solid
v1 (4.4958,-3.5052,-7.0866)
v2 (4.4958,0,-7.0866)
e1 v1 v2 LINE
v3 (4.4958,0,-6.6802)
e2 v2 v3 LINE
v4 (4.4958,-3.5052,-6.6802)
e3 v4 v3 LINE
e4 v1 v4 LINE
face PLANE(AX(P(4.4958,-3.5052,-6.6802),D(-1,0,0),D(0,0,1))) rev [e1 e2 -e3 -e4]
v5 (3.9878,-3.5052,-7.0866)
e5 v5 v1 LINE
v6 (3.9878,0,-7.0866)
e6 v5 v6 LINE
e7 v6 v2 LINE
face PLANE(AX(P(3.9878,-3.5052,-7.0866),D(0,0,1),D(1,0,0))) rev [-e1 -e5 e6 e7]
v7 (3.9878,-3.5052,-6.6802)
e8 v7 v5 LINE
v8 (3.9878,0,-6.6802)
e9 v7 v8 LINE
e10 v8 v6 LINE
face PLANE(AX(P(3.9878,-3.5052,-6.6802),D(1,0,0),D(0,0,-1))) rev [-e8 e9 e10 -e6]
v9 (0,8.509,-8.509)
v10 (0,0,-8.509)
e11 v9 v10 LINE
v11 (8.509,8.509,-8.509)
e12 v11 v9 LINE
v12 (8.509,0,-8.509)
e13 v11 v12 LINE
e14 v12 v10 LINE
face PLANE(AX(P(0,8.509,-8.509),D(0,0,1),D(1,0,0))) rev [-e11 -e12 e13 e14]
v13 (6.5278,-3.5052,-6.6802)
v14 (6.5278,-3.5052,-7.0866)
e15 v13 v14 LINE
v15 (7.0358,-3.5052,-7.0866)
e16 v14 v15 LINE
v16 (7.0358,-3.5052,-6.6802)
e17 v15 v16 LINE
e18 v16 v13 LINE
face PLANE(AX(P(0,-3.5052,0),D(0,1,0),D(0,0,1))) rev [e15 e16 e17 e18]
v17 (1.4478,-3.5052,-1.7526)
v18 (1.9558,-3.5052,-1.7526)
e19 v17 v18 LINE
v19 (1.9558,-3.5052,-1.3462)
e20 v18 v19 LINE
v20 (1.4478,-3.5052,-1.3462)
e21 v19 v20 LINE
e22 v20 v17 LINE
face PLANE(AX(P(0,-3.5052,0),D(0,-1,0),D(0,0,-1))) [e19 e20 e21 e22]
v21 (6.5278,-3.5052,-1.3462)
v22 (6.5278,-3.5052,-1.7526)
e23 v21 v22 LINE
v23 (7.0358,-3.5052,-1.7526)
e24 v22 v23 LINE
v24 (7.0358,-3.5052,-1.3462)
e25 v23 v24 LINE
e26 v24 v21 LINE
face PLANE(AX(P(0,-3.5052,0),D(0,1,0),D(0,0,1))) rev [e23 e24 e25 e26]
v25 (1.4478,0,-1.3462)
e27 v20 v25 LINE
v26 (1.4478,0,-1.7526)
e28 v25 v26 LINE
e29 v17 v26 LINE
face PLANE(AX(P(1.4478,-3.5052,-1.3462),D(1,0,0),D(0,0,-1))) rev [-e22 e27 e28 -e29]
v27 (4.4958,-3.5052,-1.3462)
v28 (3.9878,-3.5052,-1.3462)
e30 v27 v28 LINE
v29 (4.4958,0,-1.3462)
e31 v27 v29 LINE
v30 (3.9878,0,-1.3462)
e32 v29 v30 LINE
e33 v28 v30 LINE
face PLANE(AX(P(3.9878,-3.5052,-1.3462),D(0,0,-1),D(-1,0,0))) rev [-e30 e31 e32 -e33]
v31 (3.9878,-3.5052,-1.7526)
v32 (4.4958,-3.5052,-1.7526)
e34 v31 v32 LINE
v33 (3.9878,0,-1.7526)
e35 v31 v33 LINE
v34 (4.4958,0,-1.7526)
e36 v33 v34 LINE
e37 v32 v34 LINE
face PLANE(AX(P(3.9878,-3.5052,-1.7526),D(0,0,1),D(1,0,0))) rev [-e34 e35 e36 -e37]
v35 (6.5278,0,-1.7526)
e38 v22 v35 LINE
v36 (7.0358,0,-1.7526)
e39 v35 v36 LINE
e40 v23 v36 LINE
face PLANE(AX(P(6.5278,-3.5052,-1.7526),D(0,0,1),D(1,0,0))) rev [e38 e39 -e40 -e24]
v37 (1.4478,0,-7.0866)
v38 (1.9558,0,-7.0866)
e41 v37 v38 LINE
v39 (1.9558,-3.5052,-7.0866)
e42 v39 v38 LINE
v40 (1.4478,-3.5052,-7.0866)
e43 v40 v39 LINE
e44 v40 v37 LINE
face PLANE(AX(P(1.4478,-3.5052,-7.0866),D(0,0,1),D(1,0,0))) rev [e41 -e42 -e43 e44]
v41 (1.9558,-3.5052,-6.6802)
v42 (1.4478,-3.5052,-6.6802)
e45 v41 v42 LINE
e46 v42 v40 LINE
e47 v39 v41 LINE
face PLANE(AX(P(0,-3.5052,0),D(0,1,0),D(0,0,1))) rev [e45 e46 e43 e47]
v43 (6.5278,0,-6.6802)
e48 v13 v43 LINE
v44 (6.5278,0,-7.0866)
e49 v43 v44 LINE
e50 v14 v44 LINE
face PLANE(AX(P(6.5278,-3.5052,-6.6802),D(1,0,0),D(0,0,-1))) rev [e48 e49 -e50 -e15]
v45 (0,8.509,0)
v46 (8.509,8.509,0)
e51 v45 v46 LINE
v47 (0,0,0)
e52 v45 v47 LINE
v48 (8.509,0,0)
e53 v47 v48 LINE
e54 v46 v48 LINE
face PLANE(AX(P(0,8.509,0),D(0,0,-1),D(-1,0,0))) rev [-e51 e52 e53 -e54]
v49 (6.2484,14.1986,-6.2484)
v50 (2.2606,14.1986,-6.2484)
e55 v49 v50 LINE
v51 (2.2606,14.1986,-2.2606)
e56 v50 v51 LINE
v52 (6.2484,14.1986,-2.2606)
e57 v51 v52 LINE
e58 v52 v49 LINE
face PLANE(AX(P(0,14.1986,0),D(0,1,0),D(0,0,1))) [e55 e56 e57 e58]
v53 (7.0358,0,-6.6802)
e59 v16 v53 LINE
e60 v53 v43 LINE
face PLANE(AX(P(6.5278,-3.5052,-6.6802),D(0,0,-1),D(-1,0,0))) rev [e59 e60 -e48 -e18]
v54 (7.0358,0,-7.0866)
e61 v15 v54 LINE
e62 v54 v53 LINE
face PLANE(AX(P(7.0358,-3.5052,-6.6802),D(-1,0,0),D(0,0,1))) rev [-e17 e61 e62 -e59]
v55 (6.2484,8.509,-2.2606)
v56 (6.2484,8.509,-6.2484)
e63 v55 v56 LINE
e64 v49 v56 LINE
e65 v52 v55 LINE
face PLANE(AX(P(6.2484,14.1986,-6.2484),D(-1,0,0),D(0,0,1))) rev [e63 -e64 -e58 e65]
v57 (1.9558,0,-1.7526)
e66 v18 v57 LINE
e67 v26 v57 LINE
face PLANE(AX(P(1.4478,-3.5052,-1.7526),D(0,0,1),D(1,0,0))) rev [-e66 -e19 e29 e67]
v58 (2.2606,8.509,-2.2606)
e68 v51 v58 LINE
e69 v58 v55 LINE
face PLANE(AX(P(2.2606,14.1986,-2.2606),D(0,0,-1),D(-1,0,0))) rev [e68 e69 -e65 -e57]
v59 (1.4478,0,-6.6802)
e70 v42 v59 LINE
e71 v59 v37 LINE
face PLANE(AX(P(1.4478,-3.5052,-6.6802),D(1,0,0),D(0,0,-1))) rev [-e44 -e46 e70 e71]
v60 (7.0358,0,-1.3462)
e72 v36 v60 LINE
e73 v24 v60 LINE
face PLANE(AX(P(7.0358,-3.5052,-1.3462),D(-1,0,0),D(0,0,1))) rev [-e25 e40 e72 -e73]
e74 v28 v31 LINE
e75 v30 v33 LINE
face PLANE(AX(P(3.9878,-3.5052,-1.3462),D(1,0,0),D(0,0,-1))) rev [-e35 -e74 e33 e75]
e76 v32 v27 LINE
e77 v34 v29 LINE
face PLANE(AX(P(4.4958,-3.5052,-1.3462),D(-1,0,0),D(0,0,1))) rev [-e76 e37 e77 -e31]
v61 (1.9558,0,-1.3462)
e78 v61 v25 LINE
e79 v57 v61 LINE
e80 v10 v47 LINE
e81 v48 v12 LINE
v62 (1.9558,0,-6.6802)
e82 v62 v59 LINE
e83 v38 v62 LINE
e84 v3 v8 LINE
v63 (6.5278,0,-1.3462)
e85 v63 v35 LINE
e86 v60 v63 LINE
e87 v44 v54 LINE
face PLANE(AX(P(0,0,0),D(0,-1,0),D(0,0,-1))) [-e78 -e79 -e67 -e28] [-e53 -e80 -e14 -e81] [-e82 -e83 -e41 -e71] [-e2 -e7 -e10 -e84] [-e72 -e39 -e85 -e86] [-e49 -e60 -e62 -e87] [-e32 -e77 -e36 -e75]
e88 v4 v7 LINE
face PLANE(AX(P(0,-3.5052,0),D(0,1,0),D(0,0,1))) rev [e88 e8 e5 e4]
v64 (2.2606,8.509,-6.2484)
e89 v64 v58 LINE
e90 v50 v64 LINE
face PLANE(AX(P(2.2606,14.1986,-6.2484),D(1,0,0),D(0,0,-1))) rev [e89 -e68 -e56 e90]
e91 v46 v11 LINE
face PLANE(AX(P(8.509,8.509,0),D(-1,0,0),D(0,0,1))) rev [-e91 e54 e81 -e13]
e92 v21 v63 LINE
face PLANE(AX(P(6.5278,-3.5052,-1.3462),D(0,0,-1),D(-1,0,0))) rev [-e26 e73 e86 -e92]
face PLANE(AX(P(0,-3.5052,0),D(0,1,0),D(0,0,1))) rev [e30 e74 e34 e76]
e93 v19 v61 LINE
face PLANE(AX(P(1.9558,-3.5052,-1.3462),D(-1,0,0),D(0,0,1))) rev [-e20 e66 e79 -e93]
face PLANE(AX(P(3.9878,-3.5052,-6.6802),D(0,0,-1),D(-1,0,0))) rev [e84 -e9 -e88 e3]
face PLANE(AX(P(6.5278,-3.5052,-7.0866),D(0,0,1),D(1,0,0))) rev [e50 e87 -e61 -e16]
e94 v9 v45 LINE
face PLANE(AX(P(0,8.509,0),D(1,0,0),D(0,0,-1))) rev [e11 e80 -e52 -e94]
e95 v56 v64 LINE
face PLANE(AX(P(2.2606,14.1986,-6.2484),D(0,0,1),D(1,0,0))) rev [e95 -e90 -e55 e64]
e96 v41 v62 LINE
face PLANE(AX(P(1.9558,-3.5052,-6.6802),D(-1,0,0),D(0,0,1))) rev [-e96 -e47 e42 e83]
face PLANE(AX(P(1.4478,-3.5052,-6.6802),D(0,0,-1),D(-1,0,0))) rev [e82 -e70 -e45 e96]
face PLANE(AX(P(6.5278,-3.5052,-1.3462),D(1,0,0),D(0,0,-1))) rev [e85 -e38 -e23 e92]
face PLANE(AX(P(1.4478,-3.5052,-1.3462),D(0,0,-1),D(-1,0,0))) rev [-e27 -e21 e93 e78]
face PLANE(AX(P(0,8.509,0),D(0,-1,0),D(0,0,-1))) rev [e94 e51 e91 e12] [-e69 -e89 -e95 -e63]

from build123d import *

# Parameters (mm, degrees)
SKETCH1_W           = 8.509
SKETCH1_H           = 8.509
BOSS_EXTRUDE1_DEPTH = 8.509
SKETCH2_W           = 3.9878
SKETCH2_H           = 3.9878
BOSS_EXTRUDE2_DEPTH = 5.6896
SKETCH3_W           = 0.508
SKETCH3_H           = 0.4064
BOSS_EXTRUDE3_DEPTH = 3.5052


with BuildPart() as part:
    # Sketch1 → Boss-Extrude1 (new body)
    with BuildSketch(Plane(origin=(0, 0, 0), x_dir=(1, 0, 0), z_dir=(0, 1, 0))):
        with Locations((4.2545, 4.2545)):
            Rectangle(SKETCH1_W, SKETCH1_H)
    extrude(amount=BOSS_EXTRUDE1_DEPTH)

    # Sketch2 → Boss-Extrude2 (add)
    with BuildSketch(Plane(origin=(0, 8.509, 0), x_dir=(1, 0, 0), z_dir=(0, 1, 0))):
        with Locations((4.2545, 4.2545)):
            Rectangle(SKETCH2_W, SKETCH2_H)
    extrude(amount=BOSS_EXTRUDE2_DEPTH)

    # Sketch3 → Boss-Extrude3 (add)
    with BuildSketch(Plane.XZ):
        with Locations((1.7018, -1.5494)):
            Rectangle(SKETCH3_W, SKETCH3_H)
        with Locations((1.7018, -6.8834)):
            Rectangle(SKETCH3_W, SKETCH3_H)
        with Locations((4.2418, -6.8834)):
            Rectangle(SKETCH3_W, SKETCH3_H)
        with Locations((6.7818, -6.8834)):
            Rectangle(SKETCH3_W, SKETCH3_H)
        with Locations((4.2418, -1.5494)):
            Rectangle(SKETCH3_W, SKETCH3_H)
        with Locations((6.7818, -1.5494)):
            Rectangle(SKETCH3_W, SKETCH3_H)
    extrude(amount=BOSS_EXTRUDE3_DEPTH)


solid = part.part
